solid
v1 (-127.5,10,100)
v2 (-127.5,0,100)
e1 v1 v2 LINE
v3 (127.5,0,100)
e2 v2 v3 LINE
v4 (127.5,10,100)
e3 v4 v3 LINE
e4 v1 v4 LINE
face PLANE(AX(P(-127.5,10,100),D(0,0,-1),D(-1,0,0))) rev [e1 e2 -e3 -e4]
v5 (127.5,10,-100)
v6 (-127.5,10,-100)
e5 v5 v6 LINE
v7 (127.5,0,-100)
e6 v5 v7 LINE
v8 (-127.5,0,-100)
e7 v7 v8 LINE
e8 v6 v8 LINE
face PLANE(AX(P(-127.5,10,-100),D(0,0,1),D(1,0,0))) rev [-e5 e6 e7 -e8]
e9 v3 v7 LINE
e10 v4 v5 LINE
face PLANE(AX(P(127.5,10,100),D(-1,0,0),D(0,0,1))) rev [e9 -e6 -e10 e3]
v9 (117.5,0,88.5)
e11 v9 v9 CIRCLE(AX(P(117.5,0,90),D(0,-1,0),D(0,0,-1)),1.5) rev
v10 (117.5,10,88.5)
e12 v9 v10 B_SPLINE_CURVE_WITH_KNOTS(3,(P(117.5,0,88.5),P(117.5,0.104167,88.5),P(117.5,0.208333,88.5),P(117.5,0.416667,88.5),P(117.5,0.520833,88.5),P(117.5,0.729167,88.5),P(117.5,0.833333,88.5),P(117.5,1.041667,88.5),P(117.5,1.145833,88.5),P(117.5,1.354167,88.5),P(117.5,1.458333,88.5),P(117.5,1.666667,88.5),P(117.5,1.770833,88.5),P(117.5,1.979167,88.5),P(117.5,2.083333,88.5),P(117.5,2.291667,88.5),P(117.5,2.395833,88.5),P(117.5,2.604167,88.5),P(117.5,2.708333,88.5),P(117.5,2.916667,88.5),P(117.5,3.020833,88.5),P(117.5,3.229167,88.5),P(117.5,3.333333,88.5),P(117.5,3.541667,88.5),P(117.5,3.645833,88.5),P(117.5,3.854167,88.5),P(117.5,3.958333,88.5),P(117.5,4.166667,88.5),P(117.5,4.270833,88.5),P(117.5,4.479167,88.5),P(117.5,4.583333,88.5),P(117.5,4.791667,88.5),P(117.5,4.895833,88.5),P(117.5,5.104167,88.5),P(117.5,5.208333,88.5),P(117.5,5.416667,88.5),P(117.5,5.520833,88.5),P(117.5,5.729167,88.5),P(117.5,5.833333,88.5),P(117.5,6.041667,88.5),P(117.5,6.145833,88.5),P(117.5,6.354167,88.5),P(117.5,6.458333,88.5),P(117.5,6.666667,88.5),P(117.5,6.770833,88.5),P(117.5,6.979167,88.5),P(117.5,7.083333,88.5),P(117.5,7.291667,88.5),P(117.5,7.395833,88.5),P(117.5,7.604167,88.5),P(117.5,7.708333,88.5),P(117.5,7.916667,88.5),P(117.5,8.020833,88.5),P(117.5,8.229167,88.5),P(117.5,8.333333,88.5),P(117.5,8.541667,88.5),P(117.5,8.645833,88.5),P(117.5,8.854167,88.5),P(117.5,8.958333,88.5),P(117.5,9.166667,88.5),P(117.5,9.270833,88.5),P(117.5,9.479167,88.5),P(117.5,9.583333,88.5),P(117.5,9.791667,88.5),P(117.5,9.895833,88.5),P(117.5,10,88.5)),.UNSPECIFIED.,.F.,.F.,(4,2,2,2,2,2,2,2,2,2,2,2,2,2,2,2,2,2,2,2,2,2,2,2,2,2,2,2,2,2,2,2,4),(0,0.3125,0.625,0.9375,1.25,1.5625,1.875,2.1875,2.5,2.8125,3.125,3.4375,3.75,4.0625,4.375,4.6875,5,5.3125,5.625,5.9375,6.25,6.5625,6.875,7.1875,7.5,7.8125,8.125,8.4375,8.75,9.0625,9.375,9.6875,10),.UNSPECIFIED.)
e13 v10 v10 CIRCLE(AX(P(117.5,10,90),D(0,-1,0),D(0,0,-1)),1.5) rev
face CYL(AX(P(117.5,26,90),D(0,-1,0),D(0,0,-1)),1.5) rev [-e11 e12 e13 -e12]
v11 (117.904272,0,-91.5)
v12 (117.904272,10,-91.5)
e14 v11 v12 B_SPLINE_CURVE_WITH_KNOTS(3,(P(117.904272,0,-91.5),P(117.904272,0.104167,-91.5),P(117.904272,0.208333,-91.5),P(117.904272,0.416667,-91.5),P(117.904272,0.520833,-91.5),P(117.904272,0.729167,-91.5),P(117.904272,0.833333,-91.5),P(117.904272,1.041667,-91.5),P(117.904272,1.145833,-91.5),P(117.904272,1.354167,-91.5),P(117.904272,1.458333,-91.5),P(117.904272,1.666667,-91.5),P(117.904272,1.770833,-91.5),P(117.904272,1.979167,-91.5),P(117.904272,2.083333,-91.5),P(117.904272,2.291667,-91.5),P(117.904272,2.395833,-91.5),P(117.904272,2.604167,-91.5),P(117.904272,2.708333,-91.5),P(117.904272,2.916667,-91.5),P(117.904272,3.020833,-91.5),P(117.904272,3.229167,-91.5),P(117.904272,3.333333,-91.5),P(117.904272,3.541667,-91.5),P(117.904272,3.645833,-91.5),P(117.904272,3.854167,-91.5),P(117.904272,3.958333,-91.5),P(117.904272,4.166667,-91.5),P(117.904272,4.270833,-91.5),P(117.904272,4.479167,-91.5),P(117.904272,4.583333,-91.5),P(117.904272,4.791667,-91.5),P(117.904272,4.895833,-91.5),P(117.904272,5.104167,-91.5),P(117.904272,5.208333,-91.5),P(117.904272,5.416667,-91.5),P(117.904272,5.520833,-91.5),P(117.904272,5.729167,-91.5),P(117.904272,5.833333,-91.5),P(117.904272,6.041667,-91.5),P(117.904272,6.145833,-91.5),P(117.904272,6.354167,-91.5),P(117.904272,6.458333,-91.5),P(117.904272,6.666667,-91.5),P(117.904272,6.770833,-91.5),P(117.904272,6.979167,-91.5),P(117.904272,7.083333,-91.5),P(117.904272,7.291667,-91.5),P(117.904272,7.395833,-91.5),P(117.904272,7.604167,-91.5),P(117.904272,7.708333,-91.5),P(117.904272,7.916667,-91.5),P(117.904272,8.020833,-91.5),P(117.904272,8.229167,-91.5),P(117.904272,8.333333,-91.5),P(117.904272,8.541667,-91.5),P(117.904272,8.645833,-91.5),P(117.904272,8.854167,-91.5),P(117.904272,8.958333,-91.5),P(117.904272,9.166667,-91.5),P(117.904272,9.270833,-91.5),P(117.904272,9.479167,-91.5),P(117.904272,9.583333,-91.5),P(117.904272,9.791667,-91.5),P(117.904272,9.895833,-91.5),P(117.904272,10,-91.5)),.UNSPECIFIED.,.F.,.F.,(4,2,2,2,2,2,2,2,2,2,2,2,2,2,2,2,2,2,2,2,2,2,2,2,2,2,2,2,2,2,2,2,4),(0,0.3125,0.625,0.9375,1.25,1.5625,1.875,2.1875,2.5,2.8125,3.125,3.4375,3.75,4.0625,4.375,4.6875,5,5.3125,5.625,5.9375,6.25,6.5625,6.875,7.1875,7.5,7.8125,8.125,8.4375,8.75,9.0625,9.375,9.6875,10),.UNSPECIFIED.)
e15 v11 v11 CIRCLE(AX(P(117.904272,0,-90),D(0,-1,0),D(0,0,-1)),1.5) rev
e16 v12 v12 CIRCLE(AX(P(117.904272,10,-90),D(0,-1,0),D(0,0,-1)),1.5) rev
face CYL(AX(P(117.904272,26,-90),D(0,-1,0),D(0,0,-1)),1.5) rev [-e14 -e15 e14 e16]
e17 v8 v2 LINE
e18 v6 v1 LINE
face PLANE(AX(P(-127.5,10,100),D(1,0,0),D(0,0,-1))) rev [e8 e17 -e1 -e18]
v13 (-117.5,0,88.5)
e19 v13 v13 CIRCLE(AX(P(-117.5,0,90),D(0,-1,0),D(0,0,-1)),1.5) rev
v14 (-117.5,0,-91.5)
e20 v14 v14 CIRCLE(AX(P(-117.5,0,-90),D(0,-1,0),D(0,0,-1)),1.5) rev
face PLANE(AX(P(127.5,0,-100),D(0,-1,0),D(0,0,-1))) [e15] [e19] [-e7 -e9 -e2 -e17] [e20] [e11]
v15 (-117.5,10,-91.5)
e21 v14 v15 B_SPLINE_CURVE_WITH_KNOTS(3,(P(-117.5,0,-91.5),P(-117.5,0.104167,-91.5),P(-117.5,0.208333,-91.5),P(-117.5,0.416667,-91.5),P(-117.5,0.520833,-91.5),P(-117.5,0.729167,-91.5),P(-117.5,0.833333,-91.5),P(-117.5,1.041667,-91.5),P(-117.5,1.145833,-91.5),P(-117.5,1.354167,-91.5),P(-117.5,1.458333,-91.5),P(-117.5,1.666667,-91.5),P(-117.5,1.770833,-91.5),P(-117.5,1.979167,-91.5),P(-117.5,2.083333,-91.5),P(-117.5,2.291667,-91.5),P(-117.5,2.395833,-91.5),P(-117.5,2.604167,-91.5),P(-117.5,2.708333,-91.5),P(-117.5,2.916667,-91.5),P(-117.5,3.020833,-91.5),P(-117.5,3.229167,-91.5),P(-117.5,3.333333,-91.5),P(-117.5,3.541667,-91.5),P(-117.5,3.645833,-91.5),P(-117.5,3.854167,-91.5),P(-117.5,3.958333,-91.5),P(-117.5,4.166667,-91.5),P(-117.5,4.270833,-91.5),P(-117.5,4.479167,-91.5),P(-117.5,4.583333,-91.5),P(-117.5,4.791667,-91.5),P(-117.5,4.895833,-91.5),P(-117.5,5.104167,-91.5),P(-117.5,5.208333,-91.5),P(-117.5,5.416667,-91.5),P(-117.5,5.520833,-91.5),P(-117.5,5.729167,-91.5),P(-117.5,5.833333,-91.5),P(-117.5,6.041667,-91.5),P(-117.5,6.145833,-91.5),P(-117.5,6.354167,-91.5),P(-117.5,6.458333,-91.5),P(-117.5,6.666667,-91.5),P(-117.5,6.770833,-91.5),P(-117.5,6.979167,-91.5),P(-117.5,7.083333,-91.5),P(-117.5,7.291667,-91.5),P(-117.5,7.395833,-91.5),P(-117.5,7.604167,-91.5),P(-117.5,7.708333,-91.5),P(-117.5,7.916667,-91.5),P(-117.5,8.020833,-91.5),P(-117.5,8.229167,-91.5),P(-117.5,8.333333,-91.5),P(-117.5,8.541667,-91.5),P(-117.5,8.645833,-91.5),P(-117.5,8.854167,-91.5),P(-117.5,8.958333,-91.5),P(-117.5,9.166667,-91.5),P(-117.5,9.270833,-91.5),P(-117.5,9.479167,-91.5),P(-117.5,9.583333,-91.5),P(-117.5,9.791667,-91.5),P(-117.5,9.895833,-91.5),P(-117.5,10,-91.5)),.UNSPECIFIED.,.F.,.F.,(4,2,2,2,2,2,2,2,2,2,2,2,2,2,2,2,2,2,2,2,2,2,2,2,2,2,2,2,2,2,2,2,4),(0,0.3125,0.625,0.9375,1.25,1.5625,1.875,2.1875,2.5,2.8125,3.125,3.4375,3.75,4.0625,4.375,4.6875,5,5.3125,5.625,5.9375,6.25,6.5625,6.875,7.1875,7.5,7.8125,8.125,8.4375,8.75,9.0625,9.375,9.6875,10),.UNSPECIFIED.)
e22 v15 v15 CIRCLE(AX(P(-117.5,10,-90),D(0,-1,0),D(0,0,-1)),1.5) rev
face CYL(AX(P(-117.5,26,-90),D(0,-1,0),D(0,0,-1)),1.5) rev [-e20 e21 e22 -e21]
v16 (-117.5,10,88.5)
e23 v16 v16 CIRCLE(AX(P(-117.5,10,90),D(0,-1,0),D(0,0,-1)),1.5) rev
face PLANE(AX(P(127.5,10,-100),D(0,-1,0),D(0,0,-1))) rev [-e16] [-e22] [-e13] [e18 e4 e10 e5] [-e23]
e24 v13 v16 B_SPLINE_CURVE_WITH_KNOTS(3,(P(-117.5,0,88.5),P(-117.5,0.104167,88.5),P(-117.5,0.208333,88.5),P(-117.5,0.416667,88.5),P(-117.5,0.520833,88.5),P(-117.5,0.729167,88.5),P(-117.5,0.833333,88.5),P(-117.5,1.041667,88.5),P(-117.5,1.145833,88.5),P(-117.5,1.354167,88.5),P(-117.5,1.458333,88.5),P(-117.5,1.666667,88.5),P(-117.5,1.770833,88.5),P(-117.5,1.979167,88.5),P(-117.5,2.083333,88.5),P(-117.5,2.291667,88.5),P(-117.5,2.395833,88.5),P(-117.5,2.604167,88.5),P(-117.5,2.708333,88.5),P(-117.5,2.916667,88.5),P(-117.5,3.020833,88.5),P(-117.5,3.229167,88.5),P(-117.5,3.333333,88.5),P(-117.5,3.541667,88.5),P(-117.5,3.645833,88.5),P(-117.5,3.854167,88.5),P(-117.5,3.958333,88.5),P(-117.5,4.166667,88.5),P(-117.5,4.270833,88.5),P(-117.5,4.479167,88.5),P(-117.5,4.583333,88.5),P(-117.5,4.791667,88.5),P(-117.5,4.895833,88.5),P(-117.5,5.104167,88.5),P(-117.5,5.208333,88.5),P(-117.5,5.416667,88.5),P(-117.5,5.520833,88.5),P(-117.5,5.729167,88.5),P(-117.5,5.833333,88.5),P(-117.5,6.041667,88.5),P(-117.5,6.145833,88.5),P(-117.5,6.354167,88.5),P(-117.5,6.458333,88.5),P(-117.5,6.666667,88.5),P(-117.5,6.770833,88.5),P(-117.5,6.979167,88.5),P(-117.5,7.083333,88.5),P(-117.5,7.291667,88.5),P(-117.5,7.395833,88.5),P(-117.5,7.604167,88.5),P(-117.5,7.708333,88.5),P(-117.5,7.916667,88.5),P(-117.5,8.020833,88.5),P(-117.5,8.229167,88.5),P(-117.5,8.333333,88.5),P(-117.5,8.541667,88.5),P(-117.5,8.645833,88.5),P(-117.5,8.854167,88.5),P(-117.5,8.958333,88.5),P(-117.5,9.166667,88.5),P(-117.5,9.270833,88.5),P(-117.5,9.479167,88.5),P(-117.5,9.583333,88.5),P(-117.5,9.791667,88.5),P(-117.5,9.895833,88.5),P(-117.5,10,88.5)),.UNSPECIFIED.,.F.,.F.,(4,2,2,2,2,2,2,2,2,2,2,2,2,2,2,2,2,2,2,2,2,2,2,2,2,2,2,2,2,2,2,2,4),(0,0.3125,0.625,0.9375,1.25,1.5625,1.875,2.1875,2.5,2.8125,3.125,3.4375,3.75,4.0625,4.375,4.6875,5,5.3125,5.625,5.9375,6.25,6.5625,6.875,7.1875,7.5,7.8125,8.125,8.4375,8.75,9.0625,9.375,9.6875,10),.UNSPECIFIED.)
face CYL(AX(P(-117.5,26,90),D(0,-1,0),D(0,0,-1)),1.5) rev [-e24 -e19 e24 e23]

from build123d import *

# Parameters (mm, degrees)
ESBO_O1_W                = 255
ESBO_O1_H                = 200
RESSALTO_EXTRUS_O1_DEPTH = 10
CUT_EXTRUDE2_DEPTH       = 26
CUT_EXTRUDE2_DEPTH_BACK  = 10
SKETCH1_R                = 1.5


with BuildPart() as part:
    # Esboço1 → Ressalto-extrusão1 (new body)
    with BuildSketch(Plane(origin=(0, 0, 0), x_dir=(1, 0, 0), z_dir=(0, 1, 0))):
        Rectangle(ESBO_O1_W, ESBO_O1_H)
    extrude(amount=RESSALTO_EXTRUS_O1_DEPTH)

    # Sketch1 → Cut-Extrude2 (cut, two sides: drawn at the far end of the back side and taken through both)
    with BuildSketch(Plane(origin=(0, 0, 0), x_dir=(1, 0, 0), z_dir=(0, 1, 0)).offset(-CUT_EXTRUDE2_DEPTH_BACK)):
        with Locations(Location((-117.5, 90, 0), (0, 0, 90))):
            Circle(SKETCH1_R)
        with Locations(Location((117.904272166, 90, 0), (0, 0, 90))):
            Circle(SKETCH1_R)
        with Locations(Location((117.5, -90, 0), (0, 0, 90))):
            Circle(SKETCH1_R)
        with Locations(Location((-117.5, -90, 0), (0, 0, 90))):
            Circle(SKETCH1_R)
    extrude(amount=CUT_EXTRUDE2_DEPTH + CUT_EXTRUDE2_DEPTH_BACK, mode=Mode.SUBTRACT)


solid = part.part
